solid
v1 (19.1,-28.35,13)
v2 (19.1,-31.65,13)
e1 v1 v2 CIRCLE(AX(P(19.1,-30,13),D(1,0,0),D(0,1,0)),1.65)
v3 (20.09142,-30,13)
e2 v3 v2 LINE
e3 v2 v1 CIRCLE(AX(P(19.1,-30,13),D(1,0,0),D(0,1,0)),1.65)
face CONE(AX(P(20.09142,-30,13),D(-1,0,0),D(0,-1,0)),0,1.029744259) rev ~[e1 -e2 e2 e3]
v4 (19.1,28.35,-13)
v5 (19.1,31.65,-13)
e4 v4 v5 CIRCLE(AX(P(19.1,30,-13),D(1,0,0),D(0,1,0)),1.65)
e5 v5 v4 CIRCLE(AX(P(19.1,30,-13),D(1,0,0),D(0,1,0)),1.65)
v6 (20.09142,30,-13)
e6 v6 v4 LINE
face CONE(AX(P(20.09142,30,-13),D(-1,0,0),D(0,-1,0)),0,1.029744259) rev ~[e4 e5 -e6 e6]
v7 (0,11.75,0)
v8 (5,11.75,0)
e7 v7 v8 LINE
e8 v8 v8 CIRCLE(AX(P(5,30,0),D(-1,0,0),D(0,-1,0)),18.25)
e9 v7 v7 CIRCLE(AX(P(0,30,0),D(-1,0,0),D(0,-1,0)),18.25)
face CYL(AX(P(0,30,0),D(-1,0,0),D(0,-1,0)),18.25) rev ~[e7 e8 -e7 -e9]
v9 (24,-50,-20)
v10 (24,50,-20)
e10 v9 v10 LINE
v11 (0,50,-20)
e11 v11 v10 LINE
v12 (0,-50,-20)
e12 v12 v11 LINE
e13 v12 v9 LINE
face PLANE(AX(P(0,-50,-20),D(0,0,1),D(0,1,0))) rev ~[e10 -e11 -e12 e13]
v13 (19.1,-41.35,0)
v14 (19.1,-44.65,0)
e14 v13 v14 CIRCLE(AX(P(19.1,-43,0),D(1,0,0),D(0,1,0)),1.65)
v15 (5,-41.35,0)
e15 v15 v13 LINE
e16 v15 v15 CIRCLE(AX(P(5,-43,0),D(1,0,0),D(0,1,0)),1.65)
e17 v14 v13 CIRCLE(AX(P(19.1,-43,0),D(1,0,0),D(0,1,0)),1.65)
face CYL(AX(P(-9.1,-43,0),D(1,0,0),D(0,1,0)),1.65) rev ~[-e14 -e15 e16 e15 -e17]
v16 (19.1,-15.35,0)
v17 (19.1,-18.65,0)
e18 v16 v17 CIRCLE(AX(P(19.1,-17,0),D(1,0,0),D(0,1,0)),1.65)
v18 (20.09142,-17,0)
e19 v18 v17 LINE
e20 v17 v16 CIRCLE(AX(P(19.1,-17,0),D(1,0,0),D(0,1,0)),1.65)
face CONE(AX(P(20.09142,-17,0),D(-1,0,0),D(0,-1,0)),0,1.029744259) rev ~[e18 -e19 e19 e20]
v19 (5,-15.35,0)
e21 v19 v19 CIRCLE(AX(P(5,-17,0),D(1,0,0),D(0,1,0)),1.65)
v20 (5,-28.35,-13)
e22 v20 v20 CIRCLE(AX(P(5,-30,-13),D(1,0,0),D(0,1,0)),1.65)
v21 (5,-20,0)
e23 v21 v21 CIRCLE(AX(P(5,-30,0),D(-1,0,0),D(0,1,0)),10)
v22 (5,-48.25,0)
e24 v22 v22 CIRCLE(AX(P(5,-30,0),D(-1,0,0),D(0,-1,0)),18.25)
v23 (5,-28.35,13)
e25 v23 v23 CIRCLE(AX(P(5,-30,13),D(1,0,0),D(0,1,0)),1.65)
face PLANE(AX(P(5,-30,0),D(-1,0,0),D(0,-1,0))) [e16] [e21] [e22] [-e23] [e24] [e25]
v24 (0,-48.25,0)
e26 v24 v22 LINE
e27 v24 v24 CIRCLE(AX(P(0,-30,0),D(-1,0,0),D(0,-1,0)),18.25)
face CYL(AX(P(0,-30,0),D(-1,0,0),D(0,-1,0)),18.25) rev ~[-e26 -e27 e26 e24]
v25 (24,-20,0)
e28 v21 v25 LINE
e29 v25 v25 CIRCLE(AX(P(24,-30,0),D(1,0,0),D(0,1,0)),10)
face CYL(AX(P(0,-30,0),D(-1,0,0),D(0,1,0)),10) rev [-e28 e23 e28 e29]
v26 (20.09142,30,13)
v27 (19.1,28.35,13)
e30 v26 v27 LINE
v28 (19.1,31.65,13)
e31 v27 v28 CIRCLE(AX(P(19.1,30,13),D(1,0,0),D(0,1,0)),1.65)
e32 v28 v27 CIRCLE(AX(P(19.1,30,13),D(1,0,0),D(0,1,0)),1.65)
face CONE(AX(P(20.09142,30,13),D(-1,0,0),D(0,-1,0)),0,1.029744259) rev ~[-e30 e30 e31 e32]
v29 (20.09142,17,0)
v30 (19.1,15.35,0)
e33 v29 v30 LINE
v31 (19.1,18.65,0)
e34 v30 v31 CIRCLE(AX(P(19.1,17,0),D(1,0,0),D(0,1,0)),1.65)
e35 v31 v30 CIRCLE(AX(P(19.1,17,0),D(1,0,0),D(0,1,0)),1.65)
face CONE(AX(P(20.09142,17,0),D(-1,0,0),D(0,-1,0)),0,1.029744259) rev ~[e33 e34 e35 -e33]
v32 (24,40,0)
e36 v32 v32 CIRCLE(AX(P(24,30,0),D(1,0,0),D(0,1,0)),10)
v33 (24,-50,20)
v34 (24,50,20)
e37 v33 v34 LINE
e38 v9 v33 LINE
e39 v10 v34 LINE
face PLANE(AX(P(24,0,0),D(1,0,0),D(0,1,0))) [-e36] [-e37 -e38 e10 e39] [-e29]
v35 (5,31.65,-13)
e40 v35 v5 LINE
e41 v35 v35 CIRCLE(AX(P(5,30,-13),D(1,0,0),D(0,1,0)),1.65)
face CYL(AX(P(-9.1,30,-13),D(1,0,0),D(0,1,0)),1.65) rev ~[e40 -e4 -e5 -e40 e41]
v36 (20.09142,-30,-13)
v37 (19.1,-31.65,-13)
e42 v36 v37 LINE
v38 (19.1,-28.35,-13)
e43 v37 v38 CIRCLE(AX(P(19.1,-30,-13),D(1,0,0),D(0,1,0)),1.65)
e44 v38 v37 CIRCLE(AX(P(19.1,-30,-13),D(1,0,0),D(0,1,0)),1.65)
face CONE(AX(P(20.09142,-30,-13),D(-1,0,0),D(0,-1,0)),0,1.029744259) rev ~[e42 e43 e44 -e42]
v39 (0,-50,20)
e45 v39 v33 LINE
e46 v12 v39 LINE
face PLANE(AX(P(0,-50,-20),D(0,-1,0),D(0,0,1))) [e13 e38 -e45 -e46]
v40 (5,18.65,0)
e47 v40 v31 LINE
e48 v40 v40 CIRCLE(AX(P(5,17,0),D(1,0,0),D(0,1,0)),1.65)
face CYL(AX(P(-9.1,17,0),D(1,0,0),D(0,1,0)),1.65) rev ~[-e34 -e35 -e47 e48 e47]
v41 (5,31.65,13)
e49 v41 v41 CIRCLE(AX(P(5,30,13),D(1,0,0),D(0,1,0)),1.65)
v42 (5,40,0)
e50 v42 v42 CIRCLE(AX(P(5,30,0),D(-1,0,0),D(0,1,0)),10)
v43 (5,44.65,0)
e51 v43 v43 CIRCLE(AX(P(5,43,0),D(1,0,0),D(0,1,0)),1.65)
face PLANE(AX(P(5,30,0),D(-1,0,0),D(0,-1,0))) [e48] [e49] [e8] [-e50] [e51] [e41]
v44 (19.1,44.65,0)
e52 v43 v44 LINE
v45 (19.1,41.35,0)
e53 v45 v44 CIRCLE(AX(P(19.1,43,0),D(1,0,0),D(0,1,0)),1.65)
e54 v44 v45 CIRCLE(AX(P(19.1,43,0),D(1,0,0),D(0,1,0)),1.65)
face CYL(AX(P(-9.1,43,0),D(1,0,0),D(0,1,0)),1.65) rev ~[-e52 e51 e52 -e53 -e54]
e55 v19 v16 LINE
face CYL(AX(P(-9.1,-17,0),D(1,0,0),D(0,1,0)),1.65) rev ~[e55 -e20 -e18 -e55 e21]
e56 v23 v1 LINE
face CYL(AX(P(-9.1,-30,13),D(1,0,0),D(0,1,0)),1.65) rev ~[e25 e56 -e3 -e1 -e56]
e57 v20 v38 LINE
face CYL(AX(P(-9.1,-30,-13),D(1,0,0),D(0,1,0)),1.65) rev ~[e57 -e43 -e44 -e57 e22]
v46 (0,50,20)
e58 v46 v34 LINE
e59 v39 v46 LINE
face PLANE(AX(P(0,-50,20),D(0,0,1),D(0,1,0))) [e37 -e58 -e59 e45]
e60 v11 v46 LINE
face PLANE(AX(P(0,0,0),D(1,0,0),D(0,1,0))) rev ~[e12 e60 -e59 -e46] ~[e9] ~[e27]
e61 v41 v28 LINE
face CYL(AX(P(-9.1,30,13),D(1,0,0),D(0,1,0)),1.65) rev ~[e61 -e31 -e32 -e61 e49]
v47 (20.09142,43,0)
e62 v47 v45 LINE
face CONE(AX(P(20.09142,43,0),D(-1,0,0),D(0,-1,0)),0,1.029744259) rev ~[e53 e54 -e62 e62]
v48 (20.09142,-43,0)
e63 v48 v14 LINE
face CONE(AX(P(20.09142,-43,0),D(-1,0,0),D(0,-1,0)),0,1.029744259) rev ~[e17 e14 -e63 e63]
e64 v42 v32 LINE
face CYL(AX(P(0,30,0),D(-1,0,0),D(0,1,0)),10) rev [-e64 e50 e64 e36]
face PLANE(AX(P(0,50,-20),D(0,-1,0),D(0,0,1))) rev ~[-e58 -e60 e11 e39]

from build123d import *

# Parameters (mm, degrees)
F0_W     = 100
F0_H     = 40
F0_R     = 10
F1_DEPTH = 24
F2_R     = 18.25
F2_R_2   = 10
F3_DEPTH = 5
F5_D     = 3.3
F5_DEPTH = 14.1
F5_TIP   = 0.9914200214


with BuildPart() as f1:
    # F0 (on Right) → F1 (new body)
    with BuildSketch(Plane.YZ):
        Rectangle(F0_W, F0_H)
        with Locations((-30, 0)):
            Circle(F0_R, mode=Mode.SUBTRACT)
        with Locations((30, 0)):
            Circle(F0_R, mode=Mode.SUBTRACT)
    extrude(amount=F1_DEPTH)

    # F2 (on face) → F3 (cut)
    with BuildSketch(Plane(origin=(0, 0, 0), x_dir=(0, -1, 0), z_dir=(-1, 0, 0))):
        with Locations((-30, 0)):
            Circle(F2_R)
        with Locations((-30, 0)):
            Circle(F2_R_2, mode=Mode.SUBTRACT)
        with Locations((30, 0)):
            Circle(F2_R)
        with Locations((30, 0)):
            Circle(F2_R_2, mode=Mode.SUBTRACT)
    extrude(amount=-F3_DEPTH, mode=Mode.SUBTRACT)

    # F5
    with Locations(Plane(origin=(5, 0, 0), x_dir=(0, -1, 0), z_dir=(-1, 0, 0))):
        with Locations((-43, 0), (-30, 13), (-17, 0), (-30, -13), (17, 0), (30, 13), (43, 0), (30, -13)):
            Hole(F5_D / 2, depth=F5_DEPTH)
            with Locations((0, 0, -(F5_DEPTH + F5_TIP / 2))):  # 118° drill point
                Cone(0, F5_D / 2, F5_TIP, mode=Mode.SUBTRACT)


solid = f1.part
